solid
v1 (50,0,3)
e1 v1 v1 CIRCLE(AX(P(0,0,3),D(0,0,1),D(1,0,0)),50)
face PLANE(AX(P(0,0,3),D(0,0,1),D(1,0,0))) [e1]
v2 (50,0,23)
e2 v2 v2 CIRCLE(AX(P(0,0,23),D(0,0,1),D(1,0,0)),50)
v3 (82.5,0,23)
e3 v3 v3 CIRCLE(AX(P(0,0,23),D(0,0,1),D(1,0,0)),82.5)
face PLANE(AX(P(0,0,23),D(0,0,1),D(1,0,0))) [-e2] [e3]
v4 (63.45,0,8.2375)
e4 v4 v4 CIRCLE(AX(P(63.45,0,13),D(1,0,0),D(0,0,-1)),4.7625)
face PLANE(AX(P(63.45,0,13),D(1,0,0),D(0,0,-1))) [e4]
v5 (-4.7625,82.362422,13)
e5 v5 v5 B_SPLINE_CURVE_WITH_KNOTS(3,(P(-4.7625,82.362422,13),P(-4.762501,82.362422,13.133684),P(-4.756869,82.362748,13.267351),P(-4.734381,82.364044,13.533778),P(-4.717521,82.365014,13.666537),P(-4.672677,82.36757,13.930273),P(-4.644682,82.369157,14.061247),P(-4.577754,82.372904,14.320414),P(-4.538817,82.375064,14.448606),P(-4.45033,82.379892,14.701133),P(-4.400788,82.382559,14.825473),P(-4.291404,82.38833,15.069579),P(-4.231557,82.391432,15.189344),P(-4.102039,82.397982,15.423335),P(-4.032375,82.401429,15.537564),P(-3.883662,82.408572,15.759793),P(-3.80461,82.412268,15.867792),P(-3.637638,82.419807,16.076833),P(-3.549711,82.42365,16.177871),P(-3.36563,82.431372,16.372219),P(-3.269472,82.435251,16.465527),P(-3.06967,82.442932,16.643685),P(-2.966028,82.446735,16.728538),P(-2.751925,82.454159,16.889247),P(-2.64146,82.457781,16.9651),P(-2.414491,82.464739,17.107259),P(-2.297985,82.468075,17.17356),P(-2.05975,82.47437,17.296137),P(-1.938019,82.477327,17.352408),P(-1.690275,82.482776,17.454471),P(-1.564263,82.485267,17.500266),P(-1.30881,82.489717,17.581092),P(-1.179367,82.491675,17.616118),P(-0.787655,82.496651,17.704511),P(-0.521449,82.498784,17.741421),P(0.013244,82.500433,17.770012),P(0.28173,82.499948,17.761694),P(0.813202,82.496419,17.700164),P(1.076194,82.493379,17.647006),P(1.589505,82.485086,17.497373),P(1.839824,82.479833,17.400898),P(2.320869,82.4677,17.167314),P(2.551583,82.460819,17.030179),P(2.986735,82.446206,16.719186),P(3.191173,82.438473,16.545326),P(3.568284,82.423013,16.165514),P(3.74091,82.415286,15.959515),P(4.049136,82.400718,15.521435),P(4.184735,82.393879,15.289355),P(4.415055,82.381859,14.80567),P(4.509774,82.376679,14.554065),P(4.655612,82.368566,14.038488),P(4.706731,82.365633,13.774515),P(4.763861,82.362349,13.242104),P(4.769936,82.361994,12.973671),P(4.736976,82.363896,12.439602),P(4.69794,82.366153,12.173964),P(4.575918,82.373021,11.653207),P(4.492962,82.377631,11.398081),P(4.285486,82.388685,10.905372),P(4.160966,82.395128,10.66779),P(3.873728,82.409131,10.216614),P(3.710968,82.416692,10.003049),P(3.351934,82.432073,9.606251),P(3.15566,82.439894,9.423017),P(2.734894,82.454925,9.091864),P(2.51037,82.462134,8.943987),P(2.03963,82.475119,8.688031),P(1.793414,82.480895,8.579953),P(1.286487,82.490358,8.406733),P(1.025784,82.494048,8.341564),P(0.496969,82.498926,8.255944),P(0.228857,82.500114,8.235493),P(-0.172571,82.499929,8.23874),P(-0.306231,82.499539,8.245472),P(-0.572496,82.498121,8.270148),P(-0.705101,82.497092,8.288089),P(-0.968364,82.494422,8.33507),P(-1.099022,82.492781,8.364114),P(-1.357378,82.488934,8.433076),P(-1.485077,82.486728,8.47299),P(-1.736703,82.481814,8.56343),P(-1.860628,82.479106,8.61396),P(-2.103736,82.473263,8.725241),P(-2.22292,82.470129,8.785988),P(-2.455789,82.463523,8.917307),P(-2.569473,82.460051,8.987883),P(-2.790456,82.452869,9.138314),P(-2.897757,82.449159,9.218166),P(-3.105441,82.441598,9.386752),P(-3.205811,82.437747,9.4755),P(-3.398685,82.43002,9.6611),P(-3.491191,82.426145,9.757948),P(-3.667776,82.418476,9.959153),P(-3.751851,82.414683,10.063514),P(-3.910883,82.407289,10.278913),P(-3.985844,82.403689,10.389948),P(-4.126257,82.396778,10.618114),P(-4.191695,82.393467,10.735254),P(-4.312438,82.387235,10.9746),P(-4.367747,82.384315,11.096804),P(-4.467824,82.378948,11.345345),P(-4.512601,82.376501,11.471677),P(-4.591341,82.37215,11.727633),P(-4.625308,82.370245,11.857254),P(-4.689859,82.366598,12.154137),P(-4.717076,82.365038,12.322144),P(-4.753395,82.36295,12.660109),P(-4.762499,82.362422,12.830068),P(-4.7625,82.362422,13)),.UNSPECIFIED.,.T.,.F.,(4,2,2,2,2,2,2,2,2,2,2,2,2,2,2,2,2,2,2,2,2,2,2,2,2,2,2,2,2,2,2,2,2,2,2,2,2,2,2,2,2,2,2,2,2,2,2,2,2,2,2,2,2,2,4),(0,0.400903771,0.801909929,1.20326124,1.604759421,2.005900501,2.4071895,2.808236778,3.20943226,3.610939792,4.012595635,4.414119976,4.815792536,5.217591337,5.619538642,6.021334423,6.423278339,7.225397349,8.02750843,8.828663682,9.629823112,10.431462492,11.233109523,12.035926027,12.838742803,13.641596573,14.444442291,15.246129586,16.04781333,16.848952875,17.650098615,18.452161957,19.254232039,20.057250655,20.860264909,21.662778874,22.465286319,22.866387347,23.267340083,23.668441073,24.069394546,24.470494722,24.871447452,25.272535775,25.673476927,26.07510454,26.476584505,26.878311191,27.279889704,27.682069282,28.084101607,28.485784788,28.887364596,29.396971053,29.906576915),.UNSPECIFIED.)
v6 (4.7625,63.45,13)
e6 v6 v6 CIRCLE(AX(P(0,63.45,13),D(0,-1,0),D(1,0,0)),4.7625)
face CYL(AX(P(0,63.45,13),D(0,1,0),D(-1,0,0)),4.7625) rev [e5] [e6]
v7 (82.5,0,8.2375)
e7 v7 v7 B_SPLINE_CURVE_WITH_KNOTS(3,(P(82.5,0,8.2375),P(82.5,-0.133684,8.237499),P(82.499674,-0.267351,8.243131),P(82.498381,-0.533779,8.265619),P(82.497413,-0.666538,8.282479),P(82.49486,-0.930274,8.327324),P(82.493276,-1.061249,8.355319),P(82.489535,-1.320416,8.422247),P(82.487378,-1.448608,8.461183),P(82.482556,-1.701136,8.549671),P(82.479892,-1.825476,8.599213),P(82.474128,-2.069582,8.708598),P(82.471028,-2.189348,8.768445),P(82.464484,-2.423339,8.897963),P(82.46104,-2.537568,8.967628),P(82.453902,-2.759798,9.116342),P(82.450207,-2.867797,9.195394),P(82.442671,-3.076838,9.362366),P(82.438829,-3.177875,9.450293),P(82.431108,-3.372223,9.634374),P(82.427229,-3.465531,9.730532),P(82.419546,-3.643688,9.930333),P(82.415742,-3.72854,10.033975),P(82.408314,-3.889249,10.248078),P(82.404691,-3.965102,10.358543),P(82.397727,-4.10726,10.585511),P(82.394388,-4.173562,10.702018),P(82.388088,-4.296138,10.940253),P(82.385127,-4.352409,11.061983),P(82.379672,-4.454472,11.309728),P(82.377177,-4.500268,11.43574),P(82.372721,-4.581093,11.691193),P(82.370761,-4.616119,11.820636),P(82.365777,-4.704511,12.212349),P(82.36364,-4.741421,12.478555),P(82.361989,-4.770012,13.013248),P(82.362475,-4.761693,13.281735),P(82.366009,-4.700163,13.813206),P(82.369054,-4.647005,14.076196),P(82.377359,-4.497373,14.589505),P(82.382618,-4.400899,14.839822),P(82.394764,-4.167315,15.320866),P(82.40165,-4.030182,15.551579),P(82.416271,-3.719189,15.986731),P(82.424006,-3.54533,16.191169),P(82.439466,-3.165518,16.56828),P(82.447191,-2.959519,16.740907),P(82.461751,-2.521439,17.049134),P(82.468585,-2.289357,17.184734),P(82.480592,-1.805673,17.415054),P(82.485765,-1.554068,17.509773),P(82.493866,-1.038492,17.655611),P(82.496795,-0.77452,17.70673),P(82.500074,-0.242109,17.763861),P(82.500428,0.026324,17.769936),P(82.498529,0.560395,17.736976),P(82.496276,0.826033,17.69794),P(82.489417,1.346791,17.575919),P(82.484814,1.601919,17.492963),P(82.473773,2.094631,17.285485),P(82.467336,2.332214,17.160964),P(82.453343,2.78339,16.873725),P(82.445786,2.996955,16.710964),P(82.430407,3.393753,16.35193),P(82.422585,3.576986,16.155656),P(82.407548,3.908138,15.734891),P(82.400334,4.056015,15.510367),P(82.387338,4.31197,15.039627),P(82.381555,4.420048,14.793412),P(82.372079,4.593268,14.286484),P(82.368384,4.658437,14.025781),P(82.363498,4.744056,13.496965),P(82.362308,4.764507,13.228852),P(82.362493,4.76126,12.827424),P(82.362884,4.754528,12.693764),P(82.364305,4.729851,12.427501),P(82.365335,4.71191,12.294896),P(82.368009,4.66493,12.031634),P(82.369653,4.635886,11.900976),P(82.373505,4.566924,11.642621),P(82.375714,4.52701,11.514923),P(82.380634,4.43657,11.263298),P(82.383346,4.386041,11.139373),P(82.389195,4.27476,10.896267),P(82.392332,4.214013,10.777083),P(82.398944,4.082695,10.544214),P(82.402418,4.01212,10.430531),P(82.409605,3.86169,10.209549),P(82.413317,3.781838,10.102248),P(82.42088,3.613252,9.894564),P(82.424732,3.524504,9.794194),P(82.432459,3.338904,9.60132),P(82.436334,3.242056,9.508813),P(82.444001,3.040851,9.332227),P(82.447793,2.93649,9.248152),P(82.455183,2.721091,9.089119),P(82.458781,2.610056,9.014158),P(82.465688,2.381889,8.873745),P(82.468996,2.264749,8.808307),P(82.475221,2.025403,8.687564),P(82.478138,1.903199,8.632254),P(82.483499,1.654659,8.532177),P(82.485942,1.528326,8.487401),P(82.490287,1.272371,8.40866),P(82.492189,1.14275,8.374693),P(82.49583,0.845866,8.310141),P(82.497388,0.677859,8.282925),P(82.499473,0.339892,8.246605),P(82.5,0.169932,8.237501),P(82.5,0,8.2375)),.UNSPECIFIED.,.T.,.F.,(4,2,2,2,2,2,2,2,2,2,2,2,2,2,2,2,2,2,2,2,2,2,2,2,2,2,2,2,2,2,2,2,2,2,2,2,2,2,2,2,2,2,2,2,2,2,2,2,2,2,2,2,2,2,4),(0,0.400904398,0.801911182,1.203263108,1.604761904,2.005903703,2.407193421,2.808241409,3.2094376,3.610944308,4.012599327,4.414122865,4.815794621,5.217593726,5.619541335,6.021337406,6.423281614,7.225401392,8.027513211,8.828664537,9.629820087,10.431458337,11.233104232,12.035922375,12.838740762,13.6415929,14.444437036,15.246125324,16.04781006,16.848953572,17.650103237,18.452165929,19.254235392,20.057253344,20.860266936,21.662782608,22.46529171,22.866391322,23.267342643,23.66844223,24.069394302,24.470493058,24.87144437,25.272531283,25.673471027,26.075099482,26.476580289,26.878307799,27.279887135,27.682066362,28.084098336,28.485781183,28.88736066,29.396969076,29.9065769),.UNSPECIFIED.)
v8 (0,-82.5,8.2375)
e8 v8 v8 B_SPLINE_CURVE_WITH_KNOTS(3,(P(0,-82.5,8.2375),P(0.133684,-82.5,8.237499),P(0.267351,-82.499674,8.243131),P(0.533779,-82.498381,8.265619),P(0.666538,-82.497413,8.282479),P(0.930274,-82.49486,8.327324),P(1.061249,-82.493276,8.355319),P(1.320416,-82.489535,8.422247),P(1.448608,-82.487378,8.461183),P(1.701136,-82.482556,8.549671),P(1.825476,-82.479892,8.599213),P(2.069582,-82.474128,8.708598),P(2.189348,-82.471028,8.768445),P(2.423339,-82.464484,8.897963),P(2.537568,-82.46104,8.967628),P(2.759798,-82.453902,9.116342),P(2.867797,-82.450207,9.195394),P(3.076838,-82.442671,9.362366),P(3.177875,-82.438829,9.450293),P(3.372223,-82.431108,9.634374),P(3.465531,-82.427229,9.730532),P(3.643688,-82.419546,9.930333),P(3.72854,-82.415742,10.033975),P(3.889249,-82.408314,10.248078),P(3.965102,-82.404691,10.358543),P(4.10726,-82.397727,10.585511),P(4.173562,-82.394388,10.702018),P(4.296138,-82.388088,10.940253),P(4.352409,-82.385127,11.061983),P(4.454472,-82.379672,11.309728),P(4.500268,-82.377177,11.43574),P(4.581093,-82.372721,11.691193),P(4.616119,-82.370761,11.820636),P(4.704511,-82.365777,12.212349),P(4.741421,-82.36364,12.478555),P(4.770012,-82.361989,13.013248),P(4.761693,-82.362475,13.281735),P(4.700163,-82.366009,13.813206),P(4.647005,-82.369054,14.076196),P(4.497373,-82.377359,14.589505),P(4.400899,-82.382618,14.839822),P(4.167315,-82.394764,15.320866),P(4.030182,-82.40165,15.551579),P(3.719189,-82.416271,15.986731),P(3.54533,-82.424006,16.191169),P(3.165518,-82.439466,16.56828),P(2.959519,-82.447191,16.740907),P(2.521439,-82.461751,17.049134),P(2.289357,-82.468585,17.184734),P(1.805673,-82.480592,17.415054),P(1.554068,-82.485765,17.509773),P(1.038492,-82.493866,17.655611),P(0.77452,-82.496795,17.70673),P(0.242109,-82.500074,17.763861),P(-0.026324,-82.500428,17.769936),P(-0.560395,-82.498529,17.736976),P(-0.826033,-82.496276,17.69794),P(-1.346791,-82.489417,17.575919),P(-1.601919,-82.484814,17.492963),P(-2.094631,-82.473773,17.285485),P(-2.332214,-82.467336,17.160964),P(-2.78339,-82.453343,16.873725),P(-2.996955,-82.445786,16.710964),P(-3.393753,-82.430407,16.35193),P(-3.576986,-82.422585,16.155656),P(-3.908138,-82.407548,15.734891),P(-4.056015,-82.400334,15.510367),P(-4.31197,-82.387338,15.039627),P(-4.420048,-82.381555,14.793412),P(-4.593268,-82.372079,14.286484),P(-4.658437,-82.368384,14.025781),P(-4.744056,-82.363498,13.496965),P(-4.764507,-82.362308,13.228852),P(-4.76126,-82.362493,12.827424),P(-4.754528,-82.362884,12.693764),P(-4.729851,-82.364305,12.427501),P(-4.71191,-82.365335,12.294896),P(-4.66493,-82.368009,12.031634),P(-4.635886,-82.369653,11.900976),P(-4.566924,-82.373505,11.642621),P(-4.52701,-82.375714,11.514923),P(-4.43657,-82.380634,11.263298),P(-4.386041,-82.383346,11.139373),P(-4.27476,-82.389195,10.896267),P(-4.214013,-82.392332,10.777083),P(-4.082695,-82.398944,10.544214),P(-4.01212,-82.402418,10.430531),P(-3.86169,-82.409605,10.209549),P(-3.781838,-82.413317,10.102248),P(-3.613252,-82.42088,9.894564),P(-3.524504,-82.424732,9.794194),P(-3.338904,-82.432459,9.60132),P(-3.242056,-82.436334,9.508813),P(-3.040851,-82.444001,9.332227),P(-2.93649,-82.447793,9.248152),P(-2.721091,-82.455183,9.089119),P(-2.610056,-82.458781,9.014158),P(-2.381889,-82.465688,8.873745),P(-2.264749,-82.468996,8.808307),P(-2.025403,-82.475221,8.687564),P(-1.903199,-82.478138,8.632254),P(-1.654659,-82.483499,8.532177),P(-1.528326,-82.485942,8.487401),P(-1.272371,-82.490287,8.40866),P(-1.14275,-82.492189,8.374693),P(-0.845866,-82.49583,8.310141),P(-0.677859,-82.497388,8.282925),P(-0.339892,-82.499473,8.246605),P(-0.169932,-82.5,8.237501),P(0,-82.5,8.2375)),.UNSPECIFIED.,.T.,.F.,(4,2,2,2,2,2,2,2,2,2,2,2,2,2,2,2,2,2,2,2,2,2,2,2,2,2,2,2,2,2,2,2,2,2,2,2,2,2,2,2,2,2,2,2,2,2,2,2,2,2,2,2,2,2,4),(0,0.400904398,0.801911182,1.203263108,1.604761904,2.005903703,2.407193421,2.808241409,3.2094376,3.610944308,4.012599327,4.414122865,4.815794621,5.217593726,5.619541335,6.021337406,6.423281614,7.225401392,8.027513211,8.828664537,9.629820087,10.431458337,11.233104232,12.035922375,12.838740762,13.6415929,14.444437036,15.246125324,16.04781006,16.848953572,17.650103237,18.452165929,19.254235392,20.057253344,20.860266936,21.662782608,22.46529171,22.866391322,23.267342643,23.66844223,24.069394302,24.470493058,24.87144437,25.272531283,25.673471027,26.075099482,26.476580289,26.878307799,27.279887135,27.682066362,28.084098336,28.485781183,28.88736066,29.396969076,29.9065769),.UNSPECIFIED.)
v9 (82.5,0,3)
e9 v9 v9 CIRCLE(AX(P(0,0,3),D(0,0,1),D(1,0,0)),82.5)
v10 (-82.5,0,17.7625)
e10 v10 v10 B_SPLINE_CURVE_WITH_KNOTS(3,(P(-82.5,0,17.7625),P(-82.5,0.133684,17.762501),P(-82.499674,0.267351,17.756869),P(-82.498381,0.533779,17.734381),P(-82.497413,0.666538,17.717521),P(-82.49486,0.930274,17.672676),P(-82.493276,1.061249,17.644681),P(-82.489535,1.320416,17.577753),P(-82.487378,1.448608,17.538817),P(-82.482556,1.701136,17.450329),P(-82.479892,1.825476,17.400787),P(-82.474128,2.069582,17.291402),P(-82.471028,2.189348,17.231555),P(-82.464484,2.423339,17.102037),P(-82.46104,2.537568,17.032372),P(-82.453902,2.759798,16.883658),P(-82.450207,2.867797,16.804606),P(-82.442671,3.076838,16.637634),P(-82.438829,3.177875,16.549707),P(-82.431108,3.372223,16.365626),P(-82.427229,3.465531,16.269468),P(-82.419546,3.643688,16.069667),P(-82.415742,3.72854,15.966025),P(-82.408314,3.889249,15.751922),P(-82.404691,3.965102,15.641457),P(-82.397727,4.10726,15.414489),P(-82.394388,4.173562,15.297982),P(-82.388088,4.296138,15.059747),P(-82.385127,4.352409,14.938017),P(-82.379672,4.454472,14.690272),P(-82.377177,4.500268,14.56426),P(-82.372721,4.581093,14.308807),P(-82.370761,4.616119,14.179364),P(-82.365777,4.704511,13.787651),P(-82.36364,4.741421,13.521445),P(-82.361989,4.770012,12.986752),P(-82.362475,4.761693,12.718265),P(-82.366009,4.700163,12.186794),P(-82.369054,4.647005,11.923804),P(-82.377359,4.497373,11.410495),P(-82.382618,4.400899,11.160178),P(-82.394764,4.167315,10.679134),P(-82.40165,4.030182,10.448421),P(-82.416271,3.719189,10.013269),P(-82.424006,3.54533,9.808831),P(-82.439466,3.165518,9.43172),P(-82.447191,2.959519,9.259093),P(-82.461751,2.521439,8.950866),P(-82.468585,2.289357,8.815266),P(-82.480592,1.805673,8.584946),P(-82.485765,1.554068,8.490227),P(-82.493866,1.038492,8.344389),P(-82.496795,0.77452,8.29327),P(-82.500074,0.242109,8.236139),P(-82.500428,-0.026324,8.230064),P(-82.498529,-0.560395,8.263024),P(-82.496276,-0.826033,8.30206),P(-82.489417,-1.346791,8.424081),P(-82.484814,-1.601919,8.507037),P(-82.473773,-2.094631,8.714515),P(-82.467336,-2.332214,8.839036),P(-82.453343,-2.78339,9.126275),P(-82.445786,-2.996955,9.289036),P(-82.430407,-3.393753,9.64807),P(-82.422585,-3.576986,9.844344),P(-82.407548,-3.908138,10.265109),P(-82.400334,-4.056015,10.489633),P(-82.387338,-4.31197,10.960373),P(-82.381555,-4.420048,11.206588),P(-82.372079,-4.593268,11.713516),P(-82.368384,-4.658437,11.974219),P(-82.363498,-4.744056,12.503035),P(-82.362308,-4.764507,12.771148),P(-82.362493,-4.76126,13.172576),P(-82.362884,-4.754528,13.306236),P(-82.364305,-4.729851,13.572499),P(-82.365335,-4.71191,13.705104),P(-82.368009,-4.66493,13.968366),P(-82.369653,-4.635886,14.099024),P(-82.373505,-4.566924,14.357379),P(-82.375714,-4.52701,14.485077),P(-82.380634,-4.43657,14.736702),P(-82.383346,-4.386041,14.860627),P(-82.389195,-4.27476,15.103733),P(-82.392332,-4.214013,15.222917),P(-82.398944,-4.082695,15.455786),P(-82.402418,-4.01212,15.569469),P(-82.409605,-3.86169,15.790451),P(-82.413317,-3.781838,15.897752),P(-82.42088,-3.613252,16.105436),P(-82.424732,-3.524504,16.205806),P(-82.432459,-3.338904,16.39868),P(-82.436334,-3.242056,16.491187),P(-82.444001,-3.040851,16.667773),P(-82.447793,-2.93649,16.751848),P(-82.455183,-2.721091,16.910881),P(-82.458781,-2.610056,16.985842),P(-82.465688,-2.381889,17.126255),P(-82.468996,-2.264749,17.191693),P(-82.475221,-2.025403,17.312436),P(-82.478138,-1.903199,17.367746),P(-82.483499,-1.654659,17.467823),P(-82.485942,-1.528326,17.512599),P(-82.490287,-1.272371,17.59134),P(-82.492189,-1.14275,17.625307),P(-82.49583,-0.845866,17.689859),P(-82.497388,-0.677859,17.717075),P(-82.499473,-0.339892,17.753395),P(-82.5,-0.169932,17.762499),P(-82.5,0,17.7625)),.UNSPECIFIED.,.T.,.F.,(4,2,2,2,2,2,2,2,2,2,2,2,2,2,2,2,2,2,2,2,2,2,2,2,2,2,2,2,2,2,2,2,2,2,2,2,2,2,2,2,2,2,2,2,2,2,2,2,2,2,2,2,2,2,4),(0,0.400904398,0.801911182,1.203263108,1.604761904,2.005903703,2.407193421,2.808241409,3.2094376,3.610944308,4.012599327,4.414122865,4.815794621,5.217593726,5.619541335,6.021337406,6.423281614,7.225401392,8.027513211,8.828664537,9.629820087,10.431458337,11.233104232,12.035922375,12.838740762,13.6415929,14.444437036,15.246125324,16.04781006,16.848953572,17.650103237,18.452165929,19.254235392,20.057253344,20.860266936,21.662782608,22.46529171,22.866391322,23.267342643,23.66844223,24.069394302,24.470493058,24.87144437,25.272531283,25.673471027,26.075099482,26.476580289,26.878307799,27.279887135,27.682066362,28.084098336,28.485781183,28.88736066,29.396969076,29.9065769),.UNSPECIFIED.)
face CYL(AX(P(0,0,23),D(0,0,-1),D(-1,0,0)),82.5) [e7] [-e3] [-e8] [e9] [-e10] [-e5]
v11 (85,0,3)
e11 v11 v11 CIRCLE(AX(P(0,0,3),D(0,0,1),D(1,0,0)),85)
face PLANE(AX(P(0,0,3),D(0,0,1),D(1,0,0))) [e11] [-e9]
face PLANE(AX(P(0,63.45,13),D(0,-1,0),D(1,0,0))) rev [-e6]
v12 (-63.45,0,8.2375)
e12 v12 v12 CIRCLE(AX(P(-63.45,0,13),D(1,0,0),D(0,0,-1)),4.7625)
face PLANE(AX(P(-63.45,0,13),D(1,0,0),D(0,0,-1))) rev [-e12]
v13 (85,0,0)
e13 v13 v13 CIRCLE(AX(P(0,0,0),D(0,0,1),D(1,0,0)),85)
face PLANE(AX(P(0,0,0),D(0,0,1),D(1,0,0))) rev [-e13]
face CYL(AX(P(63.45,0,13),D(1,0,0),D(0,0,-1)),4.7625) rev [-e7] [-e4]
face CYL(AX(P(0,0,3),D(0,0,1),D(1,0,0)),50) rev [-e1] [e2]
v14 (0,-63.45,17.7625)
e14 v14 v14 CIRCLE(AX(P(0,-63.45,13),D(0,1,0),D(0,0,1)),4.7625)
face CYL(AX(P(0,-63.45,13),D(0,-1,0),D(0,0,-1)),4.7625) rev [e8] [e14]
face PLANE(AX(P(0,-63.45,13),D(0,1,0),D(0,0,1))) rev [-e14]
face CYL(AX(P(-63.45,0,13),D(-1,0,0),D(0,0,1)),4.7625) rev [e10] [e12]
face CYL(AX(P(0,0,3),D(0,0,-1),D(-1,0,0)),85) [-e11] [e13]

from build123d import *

# Parameters (mm, degrees)
SKETCH1_R           = 85
BOSS_EXTRUDE2_DEPTH = 3
SKETCH2_R           = 82.5
BOSS_EXTRUDE3_DEPTH = 20
SKETCH3_R           = 50
CUT_EXTRUDE1_DEPTH  = 20
SKETCH9_R           = 4.7625
CUT_EXTRUDE9_DEPTH  = 19.05
SKETCH14_R          = 4.7625
CUT_EXTRUDE10_DEPTH = 19.05
CUT_EXTRUDE11_START = 19.05
SKETCH13_R          = 4.7625
CUT_EXTRUDE11_DEPTH = 19.05
CUT_EXTRUDE12_START = 19.05
SKETCH15_R          = 4.7625
CUT_EXTRUDE12_DEPTH = 19.05


with BuildPart() as part:
    # Sketch1 → Boss-Extrude2 (new body)
    with BuildSketch(Plane.XY):
        Circle(SKETCH1_R)
    extrude(amount=BOSS_EXTRUDE2_DEPTH)

    # Sketch2 → Boss-Extrude3 (add)
    with BuildSketch(Plane.XY.offset(3)):
        Circle(SKETCH2_R)
    extrude(amount=BOSS_EXTRUDE3_DEPTH)

    # Sketch3 → Cut-Extrude1 (cut)
    with BuildSketch(Plane.XY.offset(23)):
        Circle(SKETCH3_R)
    extrude(amount=-CUT_EXTRUDE1_DEPTH, mode=Mode.SUBTRACT)

    # Sketch9 → Cut-Extrude9 (cut)
    with BuildSketch(Plane(origin=(0, 82.5, 0), x_dir=(-1, 0, 0), z_dir=(0, -1, 0))):
        with Locations((0, -13)):
            Circle(SKETCH9_R)
    extrude(amount=CUT_EXTRUDE9_DEPTH, mode=Mode.SUBTRACT)

    # Sketch14 → Cut-Extrude10 (cut)
    with BuildSketch(Plane(origin=(82.5, 0, 0), x_dir=(0, 0, -1), z_dir=(1, 0, 0))):
        with Locations((-13, 0)):
            Circle(SKETCH14_R)
    extrude(amount=-CUT_EXTRUDE10_DEPTH, mode=Mode.SUBTRACT)

    # Sketch13 → Cut-Extrude11 (cut)
    with BuildSketch(Plane(origin=(0, -82.5, 0), x_dir=(1, 0, 0), z_dir=(0, 1, 0)).offset(CUT_EXTRUDE11_START)):
        with Locations(Location((0, -13, 0), (0, 0, 180))):
            Circle(SKETCH13_R)
    extrude(amount=-CUT_EXTRUDE11_DEPTH, mode=Mode.SUBTRACT)

    # Sketch15 → Cut-Extrude12 (cut)
    with BuildSketch(Plane(origin=(-82.5, 0, 0), x_dir=(0, 0, -1), z_dir=(1, 0, 0)).offset(CUT_EXTRUDE12_START)):
        with Locations((-13, 0)):
            Circle(SKETCH15_R)
    extrude(amount=-CUT_EXTRUDE12_DEPTH, mode=Mode.SUBTRACT)


solid = part.part
